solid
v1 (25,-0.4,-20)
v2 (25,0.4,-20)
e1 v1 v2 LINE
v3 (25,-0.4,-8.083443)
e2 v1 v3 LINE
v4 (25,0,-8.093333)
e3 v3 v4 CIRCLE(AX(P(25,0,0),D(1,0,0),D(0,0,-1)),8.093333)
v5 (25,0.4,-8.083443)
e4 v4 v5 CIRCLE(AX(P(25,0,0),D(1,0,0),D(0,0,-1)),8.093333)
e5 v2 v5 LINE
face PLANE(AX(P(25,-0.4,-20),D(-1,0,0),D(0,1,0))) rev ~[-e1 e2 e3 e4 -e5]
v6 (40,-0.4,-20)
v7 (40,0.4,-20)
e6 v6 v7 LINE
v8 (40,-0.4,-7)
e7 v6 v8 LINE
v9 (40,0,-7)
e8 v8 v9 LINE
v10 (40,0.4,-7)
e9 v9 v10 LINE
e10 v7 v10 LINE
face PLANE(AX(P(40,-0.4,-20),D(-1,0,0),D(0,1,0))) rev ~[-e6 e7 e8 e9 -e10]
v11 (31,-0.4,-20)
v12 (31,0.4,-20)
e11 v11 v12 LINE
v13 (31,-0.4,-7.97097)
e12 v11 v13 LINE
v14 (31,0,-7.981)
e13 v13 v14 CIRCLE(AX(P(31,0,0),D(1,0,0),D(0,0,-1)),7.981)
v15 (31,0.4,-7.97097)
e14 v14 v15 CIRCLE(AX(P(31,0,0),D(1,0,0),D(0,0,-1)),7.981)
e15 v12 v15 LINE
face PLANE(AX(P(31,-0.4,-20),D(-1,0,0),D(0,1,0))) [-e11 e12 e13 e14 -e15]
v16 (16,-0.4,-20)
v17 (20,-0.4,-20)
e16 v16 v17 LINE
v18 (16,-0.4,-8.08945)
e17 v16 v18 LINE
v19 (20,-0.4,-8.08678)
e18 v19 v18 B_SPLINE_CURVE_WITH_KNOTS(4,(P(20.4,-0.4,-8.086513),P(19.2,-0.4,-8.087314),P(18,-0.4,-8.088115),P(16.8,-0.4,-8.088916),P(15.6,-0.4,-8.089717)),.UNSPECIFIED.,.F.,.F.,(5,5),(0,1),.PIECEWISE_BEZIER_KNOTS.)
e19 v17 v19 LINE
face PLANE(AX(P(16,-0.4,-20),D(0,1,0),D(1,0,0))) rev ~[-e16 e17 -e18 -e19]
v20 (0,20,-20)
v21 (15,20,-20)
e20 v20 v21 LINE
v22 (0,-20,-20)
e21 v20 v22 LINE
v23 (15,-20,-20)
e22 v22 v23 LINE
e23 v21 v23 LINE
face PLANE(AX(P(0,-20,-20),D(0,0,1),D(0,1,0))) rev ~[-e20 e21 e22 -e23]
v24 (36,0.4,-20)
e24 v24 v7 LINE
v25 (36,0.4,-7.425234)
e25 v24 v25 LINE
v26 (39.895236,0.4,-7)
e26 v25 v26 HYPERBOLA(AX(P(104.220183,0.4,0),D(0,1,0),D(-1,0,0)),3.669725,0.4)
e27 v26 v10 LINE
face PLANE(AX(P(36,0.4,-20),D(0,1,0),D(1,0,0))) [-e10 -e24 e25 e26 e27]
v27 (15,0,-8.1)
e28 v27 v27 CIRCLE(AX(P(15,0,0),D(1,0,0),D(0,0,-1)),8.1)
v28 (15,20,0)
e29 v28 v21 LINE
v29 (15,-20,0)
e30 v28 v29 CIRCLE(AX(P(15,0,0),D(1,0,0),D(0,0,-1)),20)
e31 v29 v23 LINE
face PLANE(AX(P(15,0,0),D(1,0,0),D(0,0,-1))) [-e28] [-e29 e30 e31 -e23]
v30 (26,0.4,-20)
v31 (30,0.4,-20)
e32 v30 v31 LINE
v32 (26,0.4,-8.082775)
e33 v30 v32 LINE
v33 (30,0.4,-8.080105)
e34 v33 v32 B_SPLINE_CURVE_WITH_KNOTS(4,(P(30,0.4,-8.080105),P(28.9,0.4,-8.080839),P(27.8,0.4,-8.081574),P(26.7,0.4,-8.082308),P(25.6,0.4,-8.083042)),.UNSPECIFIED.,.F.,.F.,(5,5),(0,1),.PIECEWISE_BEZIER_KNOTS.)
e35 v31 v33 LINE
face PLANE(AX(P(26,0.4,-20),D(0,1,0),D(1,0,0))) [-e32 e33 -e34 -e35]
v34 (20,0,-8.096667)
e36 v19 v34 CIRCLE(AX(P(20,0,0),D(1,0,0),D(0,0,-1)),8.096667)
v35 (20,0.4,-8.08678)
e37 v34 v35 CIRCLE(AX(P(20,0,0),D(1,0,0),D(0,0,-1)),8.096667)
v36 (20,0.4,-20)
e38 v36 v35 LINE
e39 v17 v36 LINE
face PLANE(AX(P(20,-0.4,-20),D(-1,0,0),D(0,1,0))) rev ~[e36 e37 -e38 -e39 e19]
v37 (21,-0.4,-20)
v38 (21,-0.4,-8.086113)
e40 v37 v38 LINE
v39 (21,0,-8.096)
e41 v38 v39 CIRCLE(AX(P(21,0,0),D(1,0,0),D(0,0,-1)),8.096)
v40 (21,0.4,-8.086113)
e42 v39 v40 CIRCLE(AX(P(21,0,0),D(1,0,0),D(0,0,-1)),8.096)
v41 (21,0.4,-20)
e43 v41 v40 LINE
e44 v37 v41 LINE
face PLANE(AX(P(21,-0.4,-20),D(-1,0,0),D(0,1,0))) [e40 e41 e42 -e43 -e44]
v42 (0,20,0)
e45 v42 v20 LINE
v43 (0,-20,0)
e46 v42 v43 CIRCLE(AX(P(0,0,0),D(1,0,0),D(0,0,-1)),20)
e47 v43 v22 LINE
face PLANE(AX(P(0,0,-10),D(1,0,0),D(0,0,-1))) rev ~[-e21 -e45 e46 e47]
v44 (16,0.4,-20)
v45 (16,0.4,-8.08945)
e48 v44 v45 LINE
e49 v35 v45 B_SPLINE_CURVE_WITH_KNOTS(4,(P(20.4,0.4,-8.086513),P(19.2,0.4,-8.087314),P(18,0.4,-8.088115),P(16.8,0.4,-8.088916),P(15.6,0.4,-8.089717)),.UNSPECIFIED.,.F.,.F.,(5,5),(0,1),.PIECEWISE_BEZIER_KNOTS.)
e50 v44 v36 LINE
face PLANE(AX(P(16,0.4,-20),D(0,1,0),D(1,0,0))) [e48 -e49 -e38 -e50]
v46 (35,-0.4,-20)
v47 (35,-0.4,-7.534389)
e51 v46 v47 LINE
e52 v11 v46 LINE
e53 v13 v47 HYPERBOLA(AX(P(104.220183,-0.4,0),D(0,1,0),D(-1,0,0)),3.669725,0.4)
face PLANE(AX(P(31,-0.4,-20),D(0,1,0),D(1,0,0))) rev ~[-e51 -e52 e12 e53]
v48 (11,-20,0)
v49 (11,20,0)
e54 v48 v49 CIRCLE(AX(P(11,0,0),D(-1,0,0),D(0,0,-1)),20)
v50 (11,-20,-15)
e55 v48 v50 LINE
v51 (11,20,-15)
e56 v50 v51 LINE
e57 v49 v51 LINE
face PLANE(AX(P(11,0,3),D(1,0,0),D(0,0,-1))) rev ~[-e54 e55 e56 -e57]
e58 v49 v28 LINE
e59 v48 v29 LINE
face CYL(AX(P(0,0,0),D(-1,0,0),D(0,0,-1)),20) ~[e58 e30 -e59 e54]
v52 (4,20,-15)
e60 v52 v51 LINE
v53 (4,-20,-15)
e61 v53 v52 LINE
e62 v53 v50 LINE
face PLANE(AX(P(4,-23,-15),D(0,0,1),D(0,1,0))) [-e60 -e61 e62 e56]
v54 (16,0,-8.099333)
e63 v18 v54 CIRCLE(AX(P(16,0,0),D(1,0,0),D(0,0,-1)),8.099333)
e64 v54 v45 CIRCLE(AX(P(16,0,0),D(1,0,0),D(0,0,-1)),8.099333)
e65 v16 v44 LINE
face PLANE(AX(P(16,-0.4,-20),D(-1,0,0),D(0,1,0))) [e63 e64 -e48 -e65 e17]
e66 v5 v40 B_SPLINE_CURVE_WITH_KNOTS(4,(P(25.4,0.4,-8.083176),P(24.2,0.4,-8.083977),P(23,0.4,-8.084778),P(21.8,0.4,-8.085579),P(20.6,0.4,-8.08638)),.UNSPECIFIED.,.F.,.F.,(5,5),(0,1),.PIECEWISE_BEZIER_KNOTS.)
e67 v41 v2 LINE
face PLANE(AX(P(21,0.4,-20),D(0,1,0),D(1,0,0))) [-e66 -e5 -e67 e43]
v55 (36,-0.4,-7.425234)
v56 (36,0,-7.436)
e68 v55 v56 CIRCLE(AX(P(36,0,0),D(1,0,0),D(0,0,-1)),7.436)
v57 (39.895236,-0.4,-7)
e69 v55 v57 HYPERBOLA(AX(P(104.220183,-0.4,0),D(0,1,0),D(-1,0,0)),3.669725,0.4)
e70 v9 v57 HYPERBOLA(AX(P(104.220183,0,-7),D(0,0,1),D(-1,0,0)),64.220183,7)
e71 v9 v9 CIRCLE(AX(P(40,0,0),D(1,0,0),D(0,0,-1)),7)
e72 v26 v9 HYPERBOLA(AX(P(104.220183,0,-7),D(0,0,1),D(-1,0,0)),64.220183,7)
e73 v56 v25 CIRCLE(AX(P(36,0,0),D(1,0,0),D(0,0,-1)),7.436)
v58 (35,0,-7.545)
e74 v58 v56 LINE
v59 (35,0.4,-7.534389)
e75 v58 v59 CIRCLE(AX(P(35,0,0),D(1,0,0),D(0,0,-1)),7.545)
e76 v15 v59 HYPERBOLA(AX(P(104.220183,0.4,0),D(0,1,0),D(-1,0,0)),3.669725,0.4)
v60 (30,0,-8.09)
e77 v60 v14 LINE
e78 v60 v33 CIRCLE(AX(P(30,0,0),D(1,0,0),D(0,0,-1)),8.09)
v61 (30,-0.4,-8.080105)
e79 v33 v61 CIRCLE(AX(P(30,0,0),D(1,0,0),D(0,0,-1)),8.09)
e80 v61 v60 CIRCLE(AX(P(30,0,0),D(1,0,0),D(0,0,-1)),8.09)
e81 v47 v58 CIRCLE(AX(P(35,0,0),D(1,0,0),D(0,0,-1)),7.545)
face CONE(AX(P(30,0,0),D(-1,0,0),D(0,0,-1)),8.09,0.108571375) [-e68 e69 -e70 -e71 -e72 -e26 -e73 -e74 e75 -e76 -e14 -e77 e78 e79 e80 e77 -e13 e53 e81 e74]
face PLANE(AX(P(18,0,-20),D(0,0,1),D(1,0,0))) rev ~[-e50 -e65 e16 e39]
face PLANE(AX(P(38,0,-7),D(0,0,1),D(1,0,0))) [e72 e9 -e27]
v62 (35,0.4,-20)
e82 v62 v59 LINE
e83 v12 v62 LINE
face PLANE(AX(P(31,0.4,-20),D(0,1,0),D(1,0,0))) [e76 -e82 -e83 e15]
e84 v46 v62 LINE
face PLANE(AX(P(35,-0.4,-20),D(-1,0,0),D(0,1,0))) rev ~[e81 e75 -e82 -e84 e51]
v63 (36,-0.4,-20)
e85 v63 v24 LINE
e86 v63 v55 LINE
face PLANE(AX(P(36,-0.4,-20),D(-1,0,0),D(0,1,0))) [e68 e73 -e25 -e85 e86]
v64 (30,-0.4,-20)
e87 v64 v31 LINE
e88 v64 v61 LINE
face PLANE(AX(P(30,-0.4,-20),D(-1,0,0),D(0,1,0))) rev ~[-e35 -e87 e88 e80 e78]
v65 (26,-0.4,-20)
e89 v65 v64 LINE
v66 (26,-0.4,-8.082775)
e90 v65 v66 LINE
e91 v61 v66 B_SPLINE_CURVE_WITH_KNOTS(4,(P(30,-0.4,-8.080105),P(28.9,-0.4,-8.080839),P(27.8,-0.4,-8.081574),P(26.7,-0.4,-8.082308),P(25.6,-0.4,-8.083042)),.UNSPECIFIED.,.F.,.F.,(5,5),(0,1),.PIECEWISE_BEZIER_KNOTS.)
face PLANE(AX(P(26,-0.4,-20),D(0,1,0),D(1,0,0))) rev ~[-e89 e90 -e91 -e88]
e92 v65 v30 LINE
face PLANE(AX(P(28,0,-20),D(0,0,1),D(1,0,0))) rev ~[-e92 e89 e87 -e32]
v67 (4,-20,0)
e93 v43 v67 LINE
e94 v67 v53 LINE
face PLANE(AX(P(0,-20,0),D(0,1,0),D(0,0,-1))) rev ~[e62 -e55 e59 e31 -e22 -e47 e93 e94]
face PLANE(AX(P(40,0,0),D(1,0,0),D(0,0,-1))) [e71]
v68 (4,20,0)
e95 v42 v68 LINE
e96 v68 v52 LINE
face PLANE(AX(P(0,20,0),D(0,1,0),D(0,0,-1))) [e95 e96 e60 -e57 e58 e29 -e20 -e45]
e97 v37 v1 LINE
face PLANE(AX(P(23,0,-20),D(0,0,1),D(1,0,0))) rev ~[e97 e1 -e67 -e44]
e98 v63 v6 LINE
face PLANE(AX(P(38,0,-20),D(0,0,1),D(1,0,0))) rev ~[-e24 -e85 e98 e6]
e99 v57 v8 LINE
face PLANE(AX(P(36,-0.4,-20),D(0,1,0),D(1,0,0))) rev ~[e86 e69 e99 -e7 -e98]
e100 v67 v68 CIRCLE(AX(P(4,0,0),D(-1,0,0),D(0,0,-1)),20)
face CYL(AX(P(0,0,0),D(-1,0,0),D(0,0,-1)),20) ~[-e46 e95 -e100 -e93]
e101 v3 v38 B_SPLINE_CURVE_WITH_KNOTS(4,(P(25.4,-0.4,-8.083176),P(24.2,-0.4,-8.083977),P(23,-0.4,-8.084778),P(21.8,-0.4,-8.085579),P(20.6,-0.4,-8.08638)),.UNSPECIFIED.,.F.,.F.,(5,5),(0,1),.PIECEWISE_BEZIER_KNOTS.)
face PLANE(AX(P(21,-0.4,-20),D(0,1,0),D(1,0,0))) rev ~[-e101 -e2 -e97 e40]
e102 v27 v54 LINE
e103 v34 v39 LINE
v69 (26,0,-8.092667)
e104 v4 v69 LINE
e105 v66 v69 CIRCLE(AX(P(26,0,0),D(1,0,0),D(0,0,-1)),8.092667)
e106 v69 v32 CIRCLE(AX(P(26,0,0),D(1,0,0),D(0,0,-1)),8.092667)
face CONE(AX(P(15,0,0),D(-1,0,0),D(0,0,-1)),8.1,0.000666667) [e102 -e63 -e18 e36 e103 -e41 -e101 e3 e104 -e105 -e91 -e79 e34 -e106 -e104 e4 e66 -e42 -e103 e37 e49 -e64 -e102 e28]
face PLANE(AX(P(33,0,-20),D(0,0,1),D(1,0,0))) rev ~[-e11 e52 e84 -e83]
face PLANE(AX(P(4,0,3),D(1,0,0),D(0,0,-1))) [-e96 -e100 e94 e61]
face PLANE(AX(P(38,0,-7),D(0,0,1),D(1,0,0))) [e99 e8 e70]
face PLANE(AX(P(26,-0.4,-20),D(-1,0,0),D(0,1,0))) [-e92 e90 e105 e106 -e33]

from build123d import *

# Parameters (mm, degrees)
BOX002004_W           = 4
BOX002004_H           = 0.8
BOX002004_DEPTH       = 13
BOX002003_W           = 4
BOX002003_H           = 0.8
BOX002003_DEPTH       = 13
BOX002002_W           = 4
BOX002002_H           = 0.8
BOX002002_DEPTH       = 13
BOX002001_W           = 4
BOX002001_H           = 0.8
BOX002001_DEPTH       = 13
BOX002_W              = 4
BOX002_H              = 0.8
BOX002_DEPTH          = 13
BOX001_W              = 36
BOX001_H              = 46
BOX001_DEPTH          = 7
CYLINDER001_R         = 20
CYLINDER001_DEPTH     = 15
BOX_W                 = 20
BOX_H                 = 40
BOX_DEPTH             = 15
FUSION002_PITCH_ANGLE = 90


with BuildPart() as support005:
    # Box002004 → Box002004 (new body)
    with BuildSketch(Plane(origin=(36, -0.4, -20), x_dir=(1, 0, 0), z_dir=(0, 0, 1))):
        with Locations((2, 0.4)):
            Rectangle(BOX002004_W, BOX002004_H)
    extrude(amount=BOX002004_DEPTH)


with BuildPart() as support004:
    # Box002003 → Box002003 (new body)
    with BuildSketch(Plane(origin=(31, -0.4, -20), x_dir=(1, 0, 0), z_dir=(0, 0, 1))):
        with Locations((2, 0.4)):
            Rectangle(BOX002003_W, BOX002003_H)
    extrude(amount=BOX002003_DEPTH)


with BuildPart() as support003:
    # Box002002 → Box002002 (new body)
    with BuildSketch(Plane(origin=(26, -0.4, -20), x_dir=(1, 0, 0), z_dir=(0, 0, 1))):
        with Locations((2, 0.4)):
            Rectangle(BOX002002_W, BOX002002_H)
    extrude(amount=BOX002002_DEPTH)


with BuildPart() as support002:
    # Box002001 → Box002001 (new body)
    with BuildSketch(Plane(origin=(21, -0.4, -20), x_dir=(1, 0, 0), z_dir=(0, 0, 1))):
        with Locations((2, 0.4)):
            Rectangle(BOX002001_W, BOX002001_H)
    extrude(amount=BOX002001_DEPTH)


with BuildPart() as support:
    # Box002 → Box002 (new body)
    with BuildSketch(Plane(origin=(16, -0.4, -20), x_dir=(1, 0, 0), z_dir=(0, 0, 1))):
        with Locations((2, 0.4)):
            Rectangle(BOX002_W, BOX002_H)
    extrude(amount=BOX002_DEPTH)

    # Fusion003: union Support002
    add(support002.part)

    # Fusion004: union Support003
    add(support003.part)

    # Fusion005: union Support004
    add(support004.part)

    # Fusion006: union Support005
    add(support005.part)


with BuildPart() as cone001:
    # Cone001 → Cone001 (revolve)
    with BuildSketch(Plane(origin=(0, 0, 30), x_dir=(1, 0, 0), z_dir=(0, -1, 0))):
        Polygon((0, 0), (8.09, 0), (7, 10), (0, 10), align=None)
    revolve(axis=Axis((0, 0, 30), (0, 0, 1)))


with BuildPart() as prise_male:
    # Cone → Cone (revolve)
    with BuildSketch(Plane(origin=(0, 0, 15), x_dir=(1, 0, 0), z_dir=(0, -1, 0))):
        Polygon((0, 0), (8.1, 0), (8.09, 15), (0, 15), align=None)
    revolve(axis=Axis((0, 0, 15), (0, 0, 1)))

    # Fusion001: union Cone001
    add(cone001.part)


with BuildPart() as trou:
    # Box001 → Box001 (new body)
    with BuildSketch(Plane(origin=(-21, -23, 4), x_dir=(1, 0, 0), z_dir=(0, 0, 1))):
        with Locations((18, 23)):
            Rectangle(BOX001_W, BOX001_H)
    extrude(amount=BOX001_DEPTH)


with BuildPart() as cylinder_corps:
    # Cylinder001 → Cylinder001 (new body)
    with BuildSketch(Plane.XY):
        Circle(CYLINDER001_R)
    extrude(amount=CYLINDER001_DEPTH)


with BuildPart() as connecteur_et_support:
    # Box → Box (new body)
    with BuildSketch(Plane(origin=(0, -20, 0), x_dir=(1, 0, 0), z_dir=(0, 0, 1))):
        with Locations((10, 20)):
            Rectangle(BOX_W, BOX_H)
    extrude(amount=BOX_DEPTH)

    # Fusion: union Cylinder-corps
    add(cylinder_corps.part)

    # Cut: cut trou
    add(trou.part, mode=Mode.SUBTRACT)

    # Fusion002: union Prise male
    add(prise_male.part)


with BuildPart() as connecteur_et_support_1:
    # Fusion002 pitch: moved
    add(connecteur_et_support.part.rotate(Axis((0, 0, 0), (0, 1, 0)), FUSION002_PITCH_ANGLE))


with BuildPart() as connecteur_et_support_2:
    # Fusion002 placement: moved
    add(connecteur_et_support_1.part)

    # Fusion007: union Support
    add(support.part)


solid = connecteur_et_support_2.part
